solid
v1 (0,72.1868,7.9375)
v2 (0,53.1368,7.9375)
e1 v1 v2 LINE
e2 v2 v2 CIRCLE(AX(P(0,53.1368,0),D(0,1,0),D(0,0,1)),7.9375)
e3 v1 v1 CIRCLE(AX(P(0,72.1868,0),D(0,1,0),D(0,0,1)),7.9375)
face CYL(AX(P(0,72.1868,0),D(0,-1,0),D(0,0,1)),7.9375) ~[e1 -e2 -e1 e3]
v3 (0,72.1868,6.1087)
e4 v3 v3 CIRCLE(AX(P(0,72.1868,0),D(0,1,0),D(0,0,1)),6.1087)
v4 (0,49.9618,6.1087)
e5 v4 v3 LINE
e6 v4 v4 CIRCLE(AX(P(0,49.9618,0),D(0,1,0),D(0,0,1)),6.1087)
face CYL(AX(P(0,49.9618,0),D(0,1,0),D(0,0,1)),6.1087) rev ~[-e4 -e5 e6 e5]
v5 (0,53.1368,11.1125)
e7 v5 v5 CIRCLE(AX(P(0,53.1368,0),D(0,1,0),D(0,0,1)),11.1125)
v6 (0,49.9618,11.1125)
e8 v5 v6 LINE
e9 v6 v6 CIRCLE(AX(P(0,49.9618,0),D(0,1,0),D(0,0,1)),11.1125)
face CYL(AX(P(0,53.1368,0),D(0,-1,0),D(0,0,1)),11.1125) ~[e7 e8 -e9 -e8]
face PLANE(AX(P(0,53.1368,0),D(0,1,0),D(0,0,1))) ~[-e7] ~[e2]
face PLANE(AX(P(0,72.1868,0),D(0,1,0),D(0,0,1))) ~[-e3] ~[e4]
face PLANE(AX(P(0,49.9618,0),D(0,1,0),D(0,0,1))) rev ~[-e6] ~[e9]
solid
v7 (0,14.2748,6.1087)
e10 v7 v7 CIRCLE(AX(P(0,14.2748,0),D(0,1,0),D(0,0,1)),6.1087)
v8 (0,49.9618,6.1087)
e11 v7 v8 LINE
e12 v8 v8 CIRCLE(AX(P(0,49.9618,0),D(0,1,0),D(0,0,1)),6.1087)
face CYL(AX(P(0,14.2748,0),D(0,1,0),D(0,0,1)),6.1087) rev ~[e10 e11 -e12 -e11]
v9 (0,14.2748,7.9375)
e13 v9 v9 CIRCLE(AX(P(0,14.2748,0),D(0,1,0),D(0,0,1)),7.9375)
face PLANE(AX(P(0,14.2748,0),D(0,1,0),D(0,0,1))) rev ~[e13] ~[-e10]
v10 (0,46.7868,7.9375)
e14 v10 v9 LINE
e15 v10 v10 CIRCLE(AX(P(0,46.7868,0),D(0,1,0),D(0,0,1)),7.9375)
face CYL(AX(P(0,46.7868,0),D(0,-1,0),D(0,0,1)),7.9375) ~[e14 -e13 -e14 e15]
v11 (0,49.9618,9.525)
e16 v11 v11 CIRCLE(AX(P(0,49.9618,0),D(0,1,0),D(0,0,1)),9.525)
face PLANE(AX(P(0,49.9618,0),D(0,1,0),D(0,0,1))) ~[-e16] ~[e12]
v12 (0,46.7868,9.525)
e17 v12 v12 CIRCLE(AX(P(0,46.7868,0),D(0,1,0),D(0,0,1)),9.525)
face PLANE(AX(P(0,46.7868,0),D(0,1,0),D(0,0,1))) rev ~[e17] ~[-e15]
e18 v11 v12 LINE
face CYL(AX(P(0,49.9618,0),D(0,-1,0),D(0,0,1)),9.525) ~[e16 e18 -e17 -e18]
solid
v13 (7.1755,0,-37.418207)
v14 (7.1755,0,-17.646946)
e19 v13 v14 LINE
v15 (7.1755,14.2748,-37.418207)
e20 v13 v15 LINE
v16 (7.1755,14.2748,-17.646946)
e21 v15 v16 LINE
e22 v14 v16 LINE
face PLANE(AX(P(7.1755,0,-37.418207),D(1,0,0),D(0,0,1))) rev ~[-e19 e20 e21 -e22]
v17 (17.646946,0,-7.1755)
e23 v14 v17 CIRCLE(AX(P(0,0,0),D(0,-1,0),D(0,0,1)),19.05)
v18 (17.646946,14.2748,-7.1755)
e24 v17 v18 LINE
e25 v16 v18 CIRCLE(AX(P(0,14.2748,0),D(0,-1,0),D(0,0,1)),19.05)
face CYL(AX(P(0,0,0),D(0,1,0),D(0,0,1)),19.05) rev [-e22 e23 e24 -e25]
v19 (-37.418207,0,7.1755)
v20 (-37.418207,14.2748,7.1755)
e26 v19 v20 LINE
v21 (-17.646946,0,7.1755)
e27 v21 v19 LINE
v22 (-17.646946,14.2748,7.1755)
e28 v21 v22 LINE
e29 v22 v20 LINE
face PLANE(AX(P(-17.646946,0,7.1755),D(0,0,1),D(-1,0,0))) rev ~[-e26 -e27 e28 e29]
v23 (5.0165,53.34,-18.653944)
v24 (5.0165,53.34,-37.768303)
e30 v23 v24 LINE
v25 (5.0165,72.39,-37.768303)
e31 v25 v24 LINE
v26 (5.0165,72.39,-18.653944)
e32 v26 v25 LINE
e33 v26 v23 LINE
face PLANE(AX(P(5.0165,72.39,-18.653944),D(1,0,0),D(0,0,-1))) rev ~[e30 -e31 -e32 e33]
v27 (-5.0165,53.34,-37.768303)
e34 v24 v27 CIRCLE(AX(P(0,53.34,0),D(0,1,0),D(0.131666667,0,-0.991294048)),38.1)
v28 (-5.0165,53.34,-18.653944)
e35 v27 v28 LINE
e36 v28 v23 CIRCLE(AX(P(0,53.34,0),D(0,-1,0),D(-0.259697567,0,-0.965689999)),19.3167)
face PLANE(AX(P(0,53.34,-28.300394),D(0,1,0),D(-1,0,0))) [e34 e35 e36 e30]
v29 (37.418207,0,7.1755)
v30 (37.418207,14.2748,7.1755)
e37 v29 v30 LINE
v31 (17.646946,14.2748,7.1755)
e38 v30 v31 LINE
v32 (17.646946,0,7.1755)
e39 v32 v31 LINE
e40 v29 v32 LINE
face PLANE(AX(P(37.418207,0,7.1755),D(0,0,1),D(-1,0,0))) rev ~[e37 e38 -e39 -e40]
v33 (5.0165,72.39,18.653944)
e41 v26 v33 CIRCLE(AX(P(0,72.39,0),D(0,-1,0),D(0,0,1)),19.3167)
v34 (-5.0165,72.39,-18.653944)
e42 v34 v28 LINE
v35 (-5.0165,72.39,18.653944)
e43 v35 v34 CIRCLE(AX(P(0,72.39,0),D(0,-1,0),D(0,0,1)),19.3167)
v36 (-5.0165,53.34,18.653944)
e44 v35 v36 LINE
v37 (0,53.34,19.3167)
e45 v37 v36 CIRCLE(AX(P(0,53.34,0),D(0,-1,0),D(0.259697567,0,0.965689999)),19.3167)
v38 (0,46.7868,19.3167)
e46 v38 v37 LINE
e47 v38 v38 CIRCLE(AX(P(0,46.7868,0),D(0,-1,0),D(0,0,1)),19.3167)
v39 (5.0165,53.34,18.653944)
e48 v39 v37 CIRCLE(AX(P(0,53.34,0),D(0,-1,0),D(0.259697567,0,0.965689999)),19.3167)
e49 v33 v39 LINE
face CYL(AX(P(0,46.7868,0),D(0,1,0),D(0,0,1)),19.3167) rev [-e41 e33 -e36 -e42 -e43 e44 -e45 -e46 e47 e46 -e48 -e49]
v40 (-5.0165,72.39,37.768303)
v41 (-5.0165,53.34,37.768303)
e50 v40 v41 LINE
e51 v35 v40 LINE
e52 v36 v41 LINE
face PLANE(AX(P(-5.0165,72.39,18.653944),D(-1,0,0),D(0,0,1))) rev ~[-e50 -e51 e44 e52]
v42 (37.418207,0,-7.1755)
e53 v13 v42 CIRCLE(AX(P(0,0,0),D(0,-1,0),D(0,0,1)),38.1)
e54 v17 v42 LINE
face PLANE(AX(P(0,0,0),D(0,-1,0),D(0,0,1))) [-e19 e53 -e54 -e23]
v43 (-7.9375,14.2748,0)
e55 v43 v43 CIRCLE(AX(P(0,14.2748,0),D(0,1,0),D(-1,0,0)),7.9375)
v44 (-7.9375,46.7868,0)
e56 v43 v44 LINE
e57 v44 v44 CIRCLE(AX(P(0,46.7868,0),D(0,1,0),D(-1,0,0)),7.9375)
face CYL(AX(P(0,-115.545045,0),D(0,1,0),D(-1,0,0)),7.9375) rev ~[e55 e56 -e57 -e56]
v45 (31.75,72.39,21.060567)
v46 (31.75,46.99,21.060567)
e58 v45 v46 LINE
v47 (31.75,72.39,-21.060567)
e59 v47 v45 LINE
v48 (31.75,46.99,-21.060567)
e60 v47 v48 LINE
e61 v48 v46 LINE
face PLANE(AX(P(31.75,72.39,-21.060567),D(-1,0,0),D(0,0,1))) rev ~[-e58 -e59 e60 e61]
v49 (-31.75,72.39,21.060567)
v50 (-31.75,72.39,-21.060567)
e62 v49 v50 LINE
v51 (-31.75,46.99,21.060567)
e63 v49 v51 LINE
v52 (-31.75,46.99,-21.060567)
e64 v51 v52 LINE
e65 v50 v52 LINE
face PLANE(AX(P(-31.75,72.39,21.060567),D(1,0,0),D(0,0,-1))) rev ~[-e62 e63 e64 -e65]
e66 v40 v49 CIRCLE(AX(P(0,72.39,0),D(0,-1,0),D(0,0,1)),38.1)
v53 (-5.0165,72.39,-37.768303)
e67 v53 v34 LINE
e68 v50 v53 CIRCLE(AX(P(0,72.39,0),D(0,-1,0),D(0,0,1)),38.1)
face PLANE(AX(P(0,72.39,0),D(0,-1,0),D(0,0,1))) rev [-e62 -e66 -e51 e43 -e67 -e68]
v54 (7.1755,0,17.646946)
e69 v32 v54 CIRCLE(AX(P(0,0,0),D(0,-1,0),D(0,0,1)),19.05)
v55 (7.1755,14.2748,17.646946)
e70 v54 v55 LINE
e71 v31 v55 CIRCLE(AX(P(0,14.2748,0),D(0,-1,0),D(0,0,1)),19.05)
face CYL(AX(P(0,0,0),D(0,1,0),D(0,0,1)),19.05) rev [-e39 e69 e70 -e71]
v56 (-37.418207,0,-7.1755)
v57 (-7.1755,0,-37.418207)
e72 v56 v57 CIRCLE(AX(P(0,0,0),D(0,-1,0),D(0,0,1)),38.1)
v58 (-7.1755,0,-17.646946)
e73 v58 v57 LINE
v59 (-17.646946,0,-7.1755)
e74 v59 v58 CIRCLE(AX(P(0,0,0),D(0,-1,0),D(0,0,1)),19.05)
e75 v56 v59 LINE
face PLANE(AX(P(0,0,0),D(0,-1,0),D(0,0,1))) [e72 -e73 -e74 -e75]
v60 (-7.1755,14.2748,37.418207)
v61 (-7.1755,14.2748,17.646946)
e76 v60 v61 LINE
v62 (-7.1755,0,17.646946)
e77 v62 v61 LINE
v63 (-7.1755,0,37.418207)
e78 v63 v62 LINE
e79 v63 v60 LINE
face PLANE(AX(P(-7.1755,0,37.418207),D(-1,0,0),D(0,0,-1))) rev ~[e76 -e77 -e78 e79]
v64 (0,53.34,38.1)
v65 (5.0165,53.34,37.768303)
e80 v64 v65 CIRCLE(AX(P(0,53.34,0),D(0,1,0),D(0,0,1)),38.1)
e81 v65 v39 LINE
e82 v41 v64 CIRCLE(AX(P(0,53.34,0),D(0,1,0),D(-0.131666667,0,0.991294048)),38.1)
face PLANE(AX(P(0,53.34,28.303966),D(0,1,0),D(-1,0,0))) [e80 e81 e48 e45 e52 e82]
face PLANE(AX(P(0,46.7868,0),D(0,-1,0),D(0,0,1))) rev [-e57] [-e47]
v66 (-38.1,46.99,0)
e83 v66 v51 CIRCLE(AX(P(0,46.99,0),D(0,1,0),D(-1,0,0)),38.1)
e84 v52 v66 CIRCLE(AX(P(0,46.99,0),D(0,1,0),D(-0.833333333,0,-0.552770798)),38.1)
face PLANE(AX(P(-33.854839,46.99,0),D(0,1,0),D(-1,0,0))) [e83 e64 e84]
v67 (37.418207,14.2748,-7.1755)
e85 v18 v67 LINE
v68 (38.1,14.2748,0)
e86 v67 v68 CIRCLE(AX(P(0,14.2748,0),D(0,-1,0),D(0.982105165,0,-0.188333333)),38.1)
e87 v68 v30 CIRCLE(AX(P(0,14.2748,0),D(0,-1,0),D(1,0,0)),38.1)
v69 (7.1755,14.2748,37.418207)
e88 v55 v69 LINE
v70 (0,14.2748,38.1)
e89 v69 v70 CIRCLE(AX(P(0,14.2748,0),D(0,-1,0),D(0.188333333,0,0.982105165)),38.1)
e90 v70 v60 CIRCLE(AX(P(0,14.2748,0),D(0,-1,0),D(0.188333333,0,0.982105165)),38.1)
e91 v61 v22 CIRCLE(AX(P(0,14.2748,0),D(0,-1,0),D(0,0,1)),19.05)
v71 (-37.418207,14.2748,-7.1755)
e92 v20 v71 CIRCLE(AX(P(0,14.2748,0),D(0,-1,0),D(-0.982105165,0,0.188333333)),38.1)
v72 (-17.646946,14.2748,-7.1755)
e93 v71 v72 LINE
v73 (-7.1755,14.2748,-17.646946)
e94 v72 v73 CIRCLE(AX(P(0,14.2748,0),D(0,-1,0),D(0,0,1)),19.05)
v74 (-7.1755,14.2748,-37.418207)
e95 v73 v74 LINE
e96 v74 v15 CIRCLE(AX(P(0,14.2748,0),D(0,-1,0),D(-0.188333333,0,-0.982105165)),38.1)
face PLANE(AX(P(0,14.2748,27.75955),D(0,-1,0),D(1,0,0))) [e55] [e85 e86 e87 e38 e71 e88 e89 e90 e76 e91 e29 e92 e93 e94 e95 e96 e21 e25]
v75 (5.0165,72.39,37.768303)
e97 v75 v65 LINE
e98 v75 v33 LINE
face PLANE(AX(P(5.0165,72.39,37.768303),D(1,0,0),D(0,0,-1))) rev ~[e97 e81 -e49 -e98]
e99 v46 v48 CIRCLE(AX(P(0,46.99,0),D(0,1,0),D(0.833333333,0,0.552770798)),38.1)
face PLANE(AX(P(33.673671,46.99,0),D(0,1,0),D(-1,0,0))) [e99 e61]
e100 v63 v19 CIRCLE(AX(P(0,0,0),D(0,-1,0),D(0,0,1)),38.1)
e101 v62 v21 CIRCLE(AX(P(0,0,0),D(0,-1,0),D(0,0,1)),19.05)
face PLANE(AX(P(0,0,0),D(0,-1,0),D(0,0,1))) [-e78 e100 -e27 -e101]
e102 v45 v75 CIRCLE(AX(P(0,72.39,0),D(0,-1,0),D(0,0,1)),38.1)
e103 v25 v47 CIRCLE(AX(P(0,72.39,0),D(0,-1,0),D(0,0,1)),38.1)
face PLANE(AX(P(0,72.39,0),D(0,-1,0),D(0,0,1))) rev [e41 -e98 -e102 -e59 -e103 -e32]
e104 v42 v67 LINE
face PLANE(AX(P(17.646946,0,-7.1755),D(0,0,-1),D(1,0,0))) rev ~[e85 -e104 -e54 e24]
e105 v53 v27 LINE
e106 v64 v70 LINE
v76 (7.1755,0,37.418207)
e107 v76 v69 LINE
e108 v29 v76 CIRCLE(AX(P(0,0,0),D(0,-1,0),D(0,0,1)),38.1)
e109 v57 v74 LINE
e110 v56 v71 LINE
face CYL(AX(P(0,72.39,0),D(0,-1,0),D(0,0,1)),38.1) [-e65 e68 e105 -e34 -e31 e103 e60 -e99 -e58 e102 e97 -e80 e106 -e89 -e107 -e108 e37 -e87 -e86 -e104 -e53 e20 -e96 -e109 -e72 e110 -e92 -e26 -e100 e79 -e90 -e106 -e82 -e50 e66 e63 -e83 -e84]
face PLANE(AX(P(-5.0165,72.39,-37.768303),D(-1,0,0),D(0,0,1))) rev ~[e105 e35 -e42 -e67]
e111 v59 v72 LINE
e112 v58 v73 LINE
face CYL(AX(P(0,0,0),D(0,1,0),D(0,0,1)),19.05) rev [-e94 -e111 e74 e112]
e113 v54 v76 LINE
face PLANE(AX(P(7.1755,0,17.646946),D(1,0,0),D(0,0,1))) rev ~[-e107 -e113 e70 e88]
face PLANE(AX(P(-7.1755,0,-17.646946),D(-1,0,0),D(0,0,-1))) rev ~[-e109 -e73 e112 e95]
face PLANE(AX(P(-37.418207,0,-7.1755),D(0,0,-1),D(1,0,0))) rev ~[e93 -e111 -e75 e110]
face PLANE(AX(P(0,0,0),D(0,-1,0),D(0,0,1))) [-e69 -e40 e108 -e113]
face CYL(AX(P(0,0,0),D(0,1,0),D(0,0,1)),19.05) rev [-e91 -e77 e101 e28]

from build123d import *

# Parameters (mm, degrees)
F3_D     = 15.875
F5_DEPTH = 14.2748
F7_DEPTH = 25.4
F9_DEPTH = 19.05


with BuildPart() as f1:
    # F0 (on Right) → F1 (revolve)
    with BuildSketch(Plane.YZ):
        Polygon((0, 38.1), (0, 19.05), (14.2748, 19.05), (14.2748, 0), (46.7868, 0), (46.7868, 19.3167), (72.39, 19.3167), (72.39, 38.1), align=None)
    revolve(axis=Axis((0, 30.5308, 0), (0, -1, 0)))

    # F3 (through all)
    with Locations(Plane.XZ.offset(-14.2748)):
        with Locations((0, 0)):
            Hole(F3_D / 2)

    # F4 (on face) → F5 (cut, through all)
    with BuildSketch(Plane.XZ):
        with BuildLine():
            Line((-7.1755, 37.418206795), (-7.1755, 17.6469459043))
            ThreePointArc((-7.1755, 17.6469459043), (0, 19.05), (7.1755, 17.6469459043))
            Line((7.1755, 17.6469459043), (7.1755, 37.418206795))
            ThreePointArc((7.1755, 37.418206795), (0, 38.1), (-7.1755, 37.418206795))
        make_face()
        with BuildLine():
            ThreePointArc((-17.6469459043, -7.1755), (-19.05, 0), (-17.6469459043, 7.1755))
            Line((-17.6469459043, 7.1755), (-37.418206795, 7.1755))
            ThreePointArc((-37.418206795, 7.1755), (-38.1, 0), (-37.418206795, -7.1755))
            Line((-37.418206795, -7.1755), (-17.6469459043, -7.1755))
        make_face()
        with BuildLine():
            Line((37.418206795, 7.1755), (17.6469459043, 7.1755))
            ThreePointArc((17.6469459043, 7.1755), (18.6959463451, 3.6556928565), (19.05, 0))
            ThreePointArc((19.05, 0), (18.6959463451, -3.6556928565), (17.6469459043, -7.1755))
            Line((17.6469459043, -7.1755), (37.418206795, -7.1755))
            ThreePointArc((37.418206795, -7.1755), (37.9291687154, -3.603909066), (38.1, 0))
            ThreePointArc((38.1, 0), (37.9291687154, 3.603909066), (37.418206795, 7.1755))
        make_face()
        with BuildLine():
            ThreePointArc((7.1755, -17.6469459043), (0, -19.05), (-7.1755, -17.6469459043))
            Line((-7.1755, -17.6469459043), (-7.1755, -37.418206795))
            ThreePointArc((-7.1755, -37.418206795), (0, -38.1), (7.1755, -37.418206795))
            Line((7.1755, -37.418206795), (7.1755, -17.6469459043))
        make_face()
    extrude(amount=-F5_DEPTH, mode=Mode.SUBTRACT)

    # F6 (on face) → F7 (cut)
    with BuildSketch(Plane(origin=(0, 72.39, 0), x_dir=(-1, 0, 0), z_dir=(0, 1, 0))):
        with BuildLine():
            Line((-31.75, -21.0605674188), (-31.75, 21.0605674188))
            ThreePointArc((-31.75, 21.0605674188), (-38.1, 0), (-31.75, -21.0605674188))
        make_face()
        with BuildLine():
            ThreePointArc((38.1, 0), (36.4779728055, 10.9985226281), (31.75, 21.0605674188))
            Line((31.75, 21.0605674188), (31.75, -21.0605674188))
            ThreePointArc((31.75, -21.0605674188), (36.4779728055, -10.9985226281), (38.1, 0))
        make_face()
    extrude(amount=-F7_DEPTH, mode=Mode.SUBTRACT)

    # F8 (on face) → F9 (cut)
    with BuildSketch(Plane(origin=(0, 72.39, 0), x_dir=(-1, 0, 0), z_dir=(0, 1, 0))):
        with BuildLine():
            ThreePointArc((0, 38.1), (-2.5137270639, 38.0169853651), (-5.0165, 37.7683032151))
            Line((-5.0165, 37.7683032151), (-5.0165, 18.6539439969))
            ThreePointArc((-5.0165, 18.6539439969), (0, 19.3167), (5.0165, 18.6539439969))
            Line((5.0165, 18.6539439969), (5.0165, 37.7683032151))
            ThreePointArc((5.0165, 37.7683032151), (2.5137270639, 38.0169853651), (0, 38.1))
        make_face()
        with BuildLine():
            ThreePointArc((5.0165, -18.6539439969), (0, -19.3167), (-5.0165, -18.6539439969))
            Line((-5.0165, -18.6539439969), (-5.0165, -37.7683032151))
            ThreePointArc((-5.0165, -37.7683032151), (0, -38.1), (5.0165, -37.7683032151))
            Line((5.0165, -37.7683032151), (5.0165, -18.6539439969))
        make_face()
    extrude(amount=-F9_DEPTH, mode=Mode.SUBTRACT)


with BuildPart() as f11:
    # F10 (on Right) → F11 (revolve)
    with BuildSketch(Plane.YZ):
        Polygon((46.7868, 7.9375), (14.2748, 7.9375), (14.2748, 6.1087), (49.9618, 6.1087), (49.9618, 9.525), (46.7868, 9.525), align=None)
    revolve(axis=Axis((0, 25.5515109748, 0), (0, 1, 0)))


with BuildPart() as f13:
    # F12 (on Right) → F13 (revolve)
    with BuildSketch(Plane.YZ):
        Polygon((53.1368, 11.1125), (49.9618, 11.1125), (49.9618, 6.1087), (72.1868, 6.1087), (72.1868, 7.9375), (53.1368, 7.9375), align=None)
    revolve(axis=Axis((0, 65.3520311519, 0), (0, 1, 0)))


solid = Compound([f1.part, f11.part, f13.part])
